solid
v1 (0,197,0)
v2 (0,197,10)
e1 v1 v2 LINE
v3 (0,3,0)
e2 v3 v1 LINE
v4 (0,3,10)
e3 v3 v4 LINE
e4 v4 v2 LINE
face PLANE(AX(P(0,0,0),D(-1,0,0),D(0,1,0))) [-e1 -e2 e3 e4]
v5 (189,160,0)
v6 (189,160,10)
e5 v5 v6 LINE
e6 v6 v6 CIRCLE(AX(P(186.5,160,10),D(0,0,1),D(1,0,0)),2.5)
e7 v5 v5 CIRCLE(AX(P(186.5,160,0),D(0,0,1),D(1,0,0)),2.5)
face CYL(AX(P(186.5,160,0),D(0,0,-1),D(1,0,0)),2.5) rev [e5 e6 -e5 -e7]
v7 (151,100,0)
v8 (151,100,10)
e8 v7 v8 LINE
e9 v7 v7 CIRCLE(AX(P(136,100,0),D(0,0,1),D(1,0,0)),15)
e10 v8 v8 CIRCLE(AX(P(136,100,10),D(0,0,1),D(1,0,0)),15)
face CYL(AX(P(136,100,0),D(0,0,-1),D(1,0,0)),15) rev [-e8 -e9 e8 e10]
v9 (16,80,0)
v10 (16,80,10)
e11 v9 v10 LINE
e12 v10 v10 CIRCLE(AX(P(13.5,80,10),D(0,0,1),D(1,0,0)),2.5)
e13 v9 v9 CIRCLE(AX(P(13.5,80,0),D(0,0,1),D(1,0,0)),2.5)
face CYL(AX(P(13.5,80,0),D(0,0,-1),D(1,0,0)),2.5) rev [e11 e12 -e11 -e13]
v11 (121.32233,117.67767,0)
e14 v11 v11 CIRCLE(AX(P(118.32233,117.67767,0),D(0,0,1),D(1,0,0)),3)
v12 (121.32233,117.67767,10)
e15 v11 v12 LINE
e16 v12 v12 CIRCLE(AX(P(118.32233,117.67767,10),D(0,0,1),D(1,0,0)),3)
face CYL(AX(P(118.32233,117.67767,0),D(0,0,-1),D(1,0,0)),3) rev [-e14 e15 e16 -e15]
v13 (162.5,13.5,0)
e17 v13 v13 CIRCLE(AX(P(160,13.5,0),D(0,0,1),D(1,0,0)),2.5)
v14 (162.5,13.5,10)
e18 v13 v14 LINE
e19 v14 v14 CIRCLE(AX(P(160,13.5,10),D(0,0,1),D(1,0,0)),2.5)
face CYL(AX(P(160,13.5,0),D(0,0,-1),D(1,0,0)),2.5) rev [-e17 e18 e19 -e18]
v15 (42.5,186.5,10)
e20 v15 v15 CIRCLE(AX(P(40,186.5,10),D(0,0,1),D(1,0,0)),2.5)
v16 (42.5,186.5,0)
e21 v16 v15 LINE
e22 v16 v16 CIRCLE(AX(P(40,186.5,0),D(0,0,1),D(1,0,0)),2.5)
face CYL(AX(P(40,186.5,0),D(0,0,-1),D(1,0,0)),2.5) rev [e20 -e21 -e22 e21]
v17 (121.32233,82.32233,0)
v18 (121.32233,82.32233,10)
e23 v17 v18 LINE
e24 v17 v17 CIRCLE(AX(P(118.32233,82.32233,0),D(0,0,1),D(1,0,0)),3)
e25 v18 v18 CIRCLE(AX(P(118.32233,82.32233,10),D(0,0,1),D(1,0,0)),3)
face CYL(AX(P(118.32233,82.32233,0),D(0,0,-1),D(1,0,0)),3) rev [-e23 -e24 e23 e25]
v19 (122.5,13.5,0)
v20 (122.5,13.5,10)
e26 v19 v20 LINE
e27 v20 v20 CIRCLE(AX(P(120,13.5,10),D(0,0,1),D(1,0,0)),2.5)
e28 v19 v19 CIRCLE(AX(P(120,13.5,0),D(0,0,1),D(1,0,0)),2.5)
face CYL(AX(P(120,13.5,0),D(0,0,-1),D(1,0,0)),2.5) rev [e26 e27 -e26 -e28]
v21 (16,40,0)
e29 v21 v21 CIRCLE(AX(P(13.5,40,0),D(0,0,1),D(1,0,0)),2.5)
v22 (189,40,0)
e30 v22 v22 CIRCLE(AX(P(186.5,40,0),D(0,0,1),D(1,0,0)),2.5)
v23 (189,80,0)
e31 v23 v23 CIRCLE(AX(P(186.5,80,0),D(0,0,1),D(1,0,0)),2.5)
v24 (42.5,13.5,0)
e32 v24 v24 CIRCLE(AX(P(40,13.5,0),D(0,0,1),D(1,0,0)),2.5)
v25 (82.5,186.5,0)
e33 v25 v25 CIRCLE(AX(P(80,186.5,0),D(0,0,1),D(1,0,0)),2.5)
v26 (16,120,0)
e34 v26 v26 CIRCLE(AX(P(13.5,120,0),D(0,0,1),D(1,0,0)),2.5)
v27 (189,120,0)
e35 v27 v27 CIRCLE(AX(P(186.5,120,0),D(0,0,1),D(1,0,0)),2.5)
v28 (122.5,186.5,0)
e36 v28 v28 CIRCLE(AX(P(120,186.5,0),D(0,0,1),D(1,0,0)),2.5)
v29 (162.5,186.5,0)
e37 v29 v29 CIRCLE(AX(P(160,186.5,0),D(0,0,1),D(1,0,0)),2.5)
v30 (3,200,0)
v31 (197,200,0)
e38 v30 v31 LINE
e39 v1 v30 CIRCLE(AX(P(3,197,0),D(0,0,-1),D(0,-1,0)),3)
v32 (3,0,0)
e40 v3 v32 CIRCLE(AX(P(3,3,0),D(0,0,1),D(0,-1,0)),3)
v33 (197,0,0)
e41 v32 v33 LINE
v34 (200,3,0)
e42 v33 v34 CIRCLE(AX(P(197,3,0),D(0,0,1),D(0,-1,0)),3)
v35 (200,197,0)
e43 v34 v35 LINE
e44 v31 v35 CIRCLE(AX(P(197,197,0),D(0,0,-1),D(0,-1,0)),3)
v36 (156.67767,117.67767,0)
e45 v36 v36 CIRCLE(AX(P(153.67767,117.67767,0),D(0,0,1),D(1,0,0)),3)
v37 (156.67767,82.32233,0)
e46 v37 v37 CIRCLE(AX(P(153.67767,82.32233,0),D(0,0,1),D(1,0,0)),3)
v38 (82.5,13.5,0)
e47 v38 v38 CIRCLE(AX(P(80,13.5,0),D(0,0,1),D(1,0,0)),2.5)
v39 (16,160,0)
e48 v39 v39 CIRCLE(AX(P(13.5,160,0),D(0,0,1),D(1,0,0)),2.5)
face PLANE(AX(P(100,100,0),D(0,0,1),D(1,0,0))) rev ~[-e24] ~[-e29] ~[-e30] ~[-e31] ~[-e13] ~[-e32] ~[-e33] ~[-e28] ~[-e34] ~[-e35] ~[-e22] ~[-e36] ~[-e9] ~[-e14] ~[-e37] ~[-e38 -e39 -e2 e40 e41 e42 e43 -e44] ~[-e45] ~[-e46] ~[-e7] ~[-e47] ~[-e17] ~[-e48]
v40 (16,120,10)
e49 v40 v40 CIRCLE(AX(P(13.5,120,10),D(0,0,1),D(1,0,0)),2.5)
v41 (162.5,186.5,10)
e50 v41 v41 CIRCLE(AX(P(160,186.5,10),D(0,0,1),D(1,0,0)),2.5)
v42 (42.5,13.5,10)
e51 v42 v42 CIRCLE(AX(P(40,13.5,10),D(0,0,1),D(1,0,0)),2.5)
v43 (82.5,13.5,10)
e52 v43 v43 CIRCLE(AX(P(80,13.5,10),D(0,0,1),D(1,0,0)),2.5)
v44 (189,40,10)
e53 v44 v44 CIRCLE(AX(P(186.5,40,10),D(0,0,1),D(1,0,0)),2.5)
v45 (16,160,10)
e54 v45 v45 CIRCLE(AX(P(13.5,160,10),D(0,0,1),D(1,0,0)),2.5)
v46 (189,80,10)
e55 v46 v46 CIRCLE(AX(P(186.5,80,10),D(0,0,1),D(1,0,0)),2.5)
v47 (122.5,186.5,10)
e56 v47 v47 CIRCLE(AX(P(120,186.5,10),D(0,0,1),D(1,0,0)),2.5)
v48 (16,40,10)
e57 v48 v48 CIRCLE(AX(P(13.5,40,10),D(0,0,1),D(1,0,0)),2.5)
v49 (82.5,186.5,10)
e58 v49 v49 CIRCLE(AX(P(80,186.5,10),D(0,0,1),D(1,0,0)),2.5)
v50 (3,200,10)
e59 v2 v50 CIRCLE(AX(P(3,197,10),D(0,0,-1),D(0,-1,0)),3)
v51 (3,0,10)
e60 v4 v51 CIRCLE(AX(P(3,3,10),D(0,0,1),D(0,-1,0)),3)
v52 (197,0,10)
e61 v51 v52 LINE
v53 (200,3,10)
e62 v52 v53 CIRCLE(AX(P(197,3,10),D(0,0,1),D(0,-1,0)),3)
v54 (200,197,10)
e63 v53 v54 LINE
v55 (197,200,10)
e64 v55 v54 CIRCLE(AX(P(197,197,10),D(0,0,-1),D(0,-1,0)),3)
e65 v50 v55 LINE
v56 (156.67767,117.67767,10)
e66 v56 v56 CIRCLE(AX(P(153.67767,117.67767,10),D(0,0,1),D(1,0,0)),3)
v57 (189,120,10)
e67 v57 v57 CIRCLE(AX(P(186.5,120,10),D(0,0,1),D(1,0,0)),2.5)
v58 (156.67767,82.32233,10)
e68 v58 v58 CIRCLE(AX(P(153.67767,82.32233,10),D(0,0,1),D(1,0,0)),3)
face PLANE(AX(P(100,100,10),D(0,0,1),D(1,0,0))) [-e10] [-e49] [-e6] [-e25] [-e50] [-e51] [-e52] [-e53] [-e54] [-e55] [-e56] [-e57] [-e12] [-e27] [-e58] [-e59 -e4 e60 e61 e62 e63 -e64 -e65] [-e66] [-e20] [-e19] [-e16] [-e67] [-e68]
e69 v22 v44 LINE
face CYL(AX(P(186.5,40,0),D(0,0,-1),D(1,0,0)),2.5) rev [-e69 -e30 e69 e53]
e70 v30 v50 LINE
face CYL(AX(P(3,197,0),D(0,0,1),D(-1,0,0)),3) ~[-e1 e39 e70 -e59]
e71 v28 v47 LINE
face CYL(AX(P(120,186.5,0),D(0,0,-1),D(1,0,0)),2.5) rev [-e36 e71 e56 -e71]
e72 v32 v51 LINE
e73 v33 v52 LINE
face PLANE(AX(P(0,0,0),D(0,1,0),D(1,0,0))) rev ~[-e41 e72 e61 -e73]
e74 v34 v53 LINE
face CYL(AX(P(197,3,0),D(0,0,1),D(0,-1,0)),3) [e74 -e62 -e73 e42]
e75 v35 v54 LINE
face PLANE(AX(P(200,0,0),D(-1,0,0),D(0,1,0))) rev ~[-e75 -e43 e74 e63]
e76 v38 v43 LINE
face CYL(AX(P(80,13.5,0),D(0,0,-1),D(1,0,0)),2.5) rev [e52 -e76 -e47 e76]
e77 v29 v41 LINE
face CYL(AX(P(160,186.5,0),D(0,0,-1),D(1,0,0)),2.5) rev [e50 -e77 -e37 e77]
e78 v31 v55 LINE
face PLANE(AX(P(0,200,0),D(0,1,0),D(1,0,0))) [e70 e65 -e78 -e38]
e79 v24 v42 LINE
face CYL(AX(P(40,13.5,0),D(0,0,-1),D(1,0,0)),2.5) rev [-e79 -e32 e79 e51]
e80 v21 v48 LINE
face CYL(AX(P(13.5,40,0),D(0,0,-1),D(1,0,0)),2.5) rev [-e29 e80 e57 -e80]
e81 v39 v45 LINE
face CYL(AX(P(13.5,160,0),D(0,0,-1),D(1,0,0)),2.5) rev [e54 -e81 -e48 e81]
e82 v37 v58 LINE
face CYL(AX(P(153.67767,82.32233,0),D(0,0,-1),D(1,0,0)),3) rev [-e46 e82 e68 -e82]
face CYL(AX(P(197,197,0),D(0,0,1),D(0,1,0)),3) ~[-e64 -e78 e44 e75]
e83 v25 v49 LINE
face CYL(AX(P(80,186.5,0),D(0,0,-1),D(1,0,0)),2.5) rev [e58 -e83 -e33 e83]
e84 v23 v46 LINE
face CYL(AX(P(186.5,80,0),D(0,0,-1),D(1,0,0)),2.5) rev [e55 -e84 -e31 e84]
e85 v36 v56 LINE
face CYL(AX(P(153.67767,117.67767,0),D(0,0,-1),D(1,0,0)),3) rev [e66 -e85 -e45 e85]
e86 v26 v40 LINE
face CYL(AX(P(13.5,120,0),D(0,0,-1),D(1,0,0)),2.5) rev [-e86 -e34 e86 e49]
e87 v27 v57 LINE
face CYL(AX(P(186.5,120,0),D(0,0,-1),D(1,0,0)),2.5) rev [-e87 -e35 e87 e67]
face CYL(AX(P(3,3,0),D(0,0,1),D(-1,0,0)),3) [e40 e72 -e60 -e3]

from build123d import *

# Parameters (mm, degrees)
SKETCH_W   = 200
SKETCH_H   = 200
SKETCH_R   = 15
SKETCH_R_2 = 3
SKETCH_R_3 = 2.5
PAD_DEPTH  = 10
FILLET_R   = 3


with BuildPart() as part:
    # Sketch → Pad (new body)
    with BuildSketch(Plane.XY):
        with Locations((100, 100)):
            Rectangle(SKETCH_W, SKETCH_H)
        with Locations((136, 100)):
            Circle(SKETCH_R, mode=Mode.SUBTRACT)
        with Locations((118.32233, 117.67767)):
            Circle(SKETCH_R_2, mode=Mode.SUBTRACT)
        with Locations((153.67767, 117.67767)):
            Circle(SKETCH_R_2, mode=Mode.SUBTRACT)
        with Locations((118.32233, 82.32233)):
            Circle(SKETCH_R_2, mode=Mode.SUBTRACT)
        with Locations((153.67767, 82.32233)):
            Circle(SKETCH_R_2, mode=Mode.SUBTRACT)
        with Locations((40, 13.5)):
            Circle(SKETCH_R_3, mode=Mode.SUBTRACT)
        with Locations((160, 13.5)):
            Circle(SKETCH_R_3, mode=Mode.SUBTRACT)
        with Locations((80, 13.5)):
            Circle(SKETCH_R_3, mode=Mode.SUBTRACT)
        with Locations((120, 13.5)):
            Circle(SKETCH_R_3, mode=Mode.SUBTRACT)
        with Locations((40, 186.5)):
            Circle(SKETCH_R_3, mode=Mode.SUBTRACT)
        with Locations((80, 186.5)):
            Circle(SKETCH_R_3, mode=Mode.SUBTRACT)
        with Locations((120, 186.5)):
            Circle(SKETCH_R_3, mode=Mode.SUBTRACT)
        with Locations((160, 186.5)):
            Circle(SKETCH_R_3, mode=Mode.SUBTRACT)
        with Locations((13.5, 160)):
            Circle(SKETCH_R_3, mode=Mode.SUBTRACT)
        with Locations((13.5, 120)):
            Circle(SKETCH_R_3, mode=Mode.SUBTRACT)
        with Locations((13.5, 80)):
            Circle(SKETCH_R_3, mode=Mode.SUBTRACT)
        with Locations((13.5, 40)):
            Circle(SKETCH_R_3, mode=Mode.SUBTRACT)
        with Locations((186.5, 160)):
            Circle(SKETCH_R_3, mode=Mode.SUBTRACT)
        with Locations((186.5, 120)):
            Circle(SKETCH_R_3, mode=Mode.SUBTRACT)
        with Locations((186.5, 80)):
            Circle(SKETCH_R_3, mode=Mode.SUBTRACT)
        with Locations((186.5, 40)):
            Circle(SKETCH_R_3, mode=Mode.SUBTRACT)
    extrude(amount=PAD_DEPTH)

    # Fillet
    fillet_edges = [part.edges().sort_by_distance(p)[0] for p in [
        (0, 0, 5),
        (200, 0, 5),
        (0, 200, 5),
        (200, 200, 5),
    ]]
    fillet(fillet_edges, radius=FILLET_R)


solid = part.part
